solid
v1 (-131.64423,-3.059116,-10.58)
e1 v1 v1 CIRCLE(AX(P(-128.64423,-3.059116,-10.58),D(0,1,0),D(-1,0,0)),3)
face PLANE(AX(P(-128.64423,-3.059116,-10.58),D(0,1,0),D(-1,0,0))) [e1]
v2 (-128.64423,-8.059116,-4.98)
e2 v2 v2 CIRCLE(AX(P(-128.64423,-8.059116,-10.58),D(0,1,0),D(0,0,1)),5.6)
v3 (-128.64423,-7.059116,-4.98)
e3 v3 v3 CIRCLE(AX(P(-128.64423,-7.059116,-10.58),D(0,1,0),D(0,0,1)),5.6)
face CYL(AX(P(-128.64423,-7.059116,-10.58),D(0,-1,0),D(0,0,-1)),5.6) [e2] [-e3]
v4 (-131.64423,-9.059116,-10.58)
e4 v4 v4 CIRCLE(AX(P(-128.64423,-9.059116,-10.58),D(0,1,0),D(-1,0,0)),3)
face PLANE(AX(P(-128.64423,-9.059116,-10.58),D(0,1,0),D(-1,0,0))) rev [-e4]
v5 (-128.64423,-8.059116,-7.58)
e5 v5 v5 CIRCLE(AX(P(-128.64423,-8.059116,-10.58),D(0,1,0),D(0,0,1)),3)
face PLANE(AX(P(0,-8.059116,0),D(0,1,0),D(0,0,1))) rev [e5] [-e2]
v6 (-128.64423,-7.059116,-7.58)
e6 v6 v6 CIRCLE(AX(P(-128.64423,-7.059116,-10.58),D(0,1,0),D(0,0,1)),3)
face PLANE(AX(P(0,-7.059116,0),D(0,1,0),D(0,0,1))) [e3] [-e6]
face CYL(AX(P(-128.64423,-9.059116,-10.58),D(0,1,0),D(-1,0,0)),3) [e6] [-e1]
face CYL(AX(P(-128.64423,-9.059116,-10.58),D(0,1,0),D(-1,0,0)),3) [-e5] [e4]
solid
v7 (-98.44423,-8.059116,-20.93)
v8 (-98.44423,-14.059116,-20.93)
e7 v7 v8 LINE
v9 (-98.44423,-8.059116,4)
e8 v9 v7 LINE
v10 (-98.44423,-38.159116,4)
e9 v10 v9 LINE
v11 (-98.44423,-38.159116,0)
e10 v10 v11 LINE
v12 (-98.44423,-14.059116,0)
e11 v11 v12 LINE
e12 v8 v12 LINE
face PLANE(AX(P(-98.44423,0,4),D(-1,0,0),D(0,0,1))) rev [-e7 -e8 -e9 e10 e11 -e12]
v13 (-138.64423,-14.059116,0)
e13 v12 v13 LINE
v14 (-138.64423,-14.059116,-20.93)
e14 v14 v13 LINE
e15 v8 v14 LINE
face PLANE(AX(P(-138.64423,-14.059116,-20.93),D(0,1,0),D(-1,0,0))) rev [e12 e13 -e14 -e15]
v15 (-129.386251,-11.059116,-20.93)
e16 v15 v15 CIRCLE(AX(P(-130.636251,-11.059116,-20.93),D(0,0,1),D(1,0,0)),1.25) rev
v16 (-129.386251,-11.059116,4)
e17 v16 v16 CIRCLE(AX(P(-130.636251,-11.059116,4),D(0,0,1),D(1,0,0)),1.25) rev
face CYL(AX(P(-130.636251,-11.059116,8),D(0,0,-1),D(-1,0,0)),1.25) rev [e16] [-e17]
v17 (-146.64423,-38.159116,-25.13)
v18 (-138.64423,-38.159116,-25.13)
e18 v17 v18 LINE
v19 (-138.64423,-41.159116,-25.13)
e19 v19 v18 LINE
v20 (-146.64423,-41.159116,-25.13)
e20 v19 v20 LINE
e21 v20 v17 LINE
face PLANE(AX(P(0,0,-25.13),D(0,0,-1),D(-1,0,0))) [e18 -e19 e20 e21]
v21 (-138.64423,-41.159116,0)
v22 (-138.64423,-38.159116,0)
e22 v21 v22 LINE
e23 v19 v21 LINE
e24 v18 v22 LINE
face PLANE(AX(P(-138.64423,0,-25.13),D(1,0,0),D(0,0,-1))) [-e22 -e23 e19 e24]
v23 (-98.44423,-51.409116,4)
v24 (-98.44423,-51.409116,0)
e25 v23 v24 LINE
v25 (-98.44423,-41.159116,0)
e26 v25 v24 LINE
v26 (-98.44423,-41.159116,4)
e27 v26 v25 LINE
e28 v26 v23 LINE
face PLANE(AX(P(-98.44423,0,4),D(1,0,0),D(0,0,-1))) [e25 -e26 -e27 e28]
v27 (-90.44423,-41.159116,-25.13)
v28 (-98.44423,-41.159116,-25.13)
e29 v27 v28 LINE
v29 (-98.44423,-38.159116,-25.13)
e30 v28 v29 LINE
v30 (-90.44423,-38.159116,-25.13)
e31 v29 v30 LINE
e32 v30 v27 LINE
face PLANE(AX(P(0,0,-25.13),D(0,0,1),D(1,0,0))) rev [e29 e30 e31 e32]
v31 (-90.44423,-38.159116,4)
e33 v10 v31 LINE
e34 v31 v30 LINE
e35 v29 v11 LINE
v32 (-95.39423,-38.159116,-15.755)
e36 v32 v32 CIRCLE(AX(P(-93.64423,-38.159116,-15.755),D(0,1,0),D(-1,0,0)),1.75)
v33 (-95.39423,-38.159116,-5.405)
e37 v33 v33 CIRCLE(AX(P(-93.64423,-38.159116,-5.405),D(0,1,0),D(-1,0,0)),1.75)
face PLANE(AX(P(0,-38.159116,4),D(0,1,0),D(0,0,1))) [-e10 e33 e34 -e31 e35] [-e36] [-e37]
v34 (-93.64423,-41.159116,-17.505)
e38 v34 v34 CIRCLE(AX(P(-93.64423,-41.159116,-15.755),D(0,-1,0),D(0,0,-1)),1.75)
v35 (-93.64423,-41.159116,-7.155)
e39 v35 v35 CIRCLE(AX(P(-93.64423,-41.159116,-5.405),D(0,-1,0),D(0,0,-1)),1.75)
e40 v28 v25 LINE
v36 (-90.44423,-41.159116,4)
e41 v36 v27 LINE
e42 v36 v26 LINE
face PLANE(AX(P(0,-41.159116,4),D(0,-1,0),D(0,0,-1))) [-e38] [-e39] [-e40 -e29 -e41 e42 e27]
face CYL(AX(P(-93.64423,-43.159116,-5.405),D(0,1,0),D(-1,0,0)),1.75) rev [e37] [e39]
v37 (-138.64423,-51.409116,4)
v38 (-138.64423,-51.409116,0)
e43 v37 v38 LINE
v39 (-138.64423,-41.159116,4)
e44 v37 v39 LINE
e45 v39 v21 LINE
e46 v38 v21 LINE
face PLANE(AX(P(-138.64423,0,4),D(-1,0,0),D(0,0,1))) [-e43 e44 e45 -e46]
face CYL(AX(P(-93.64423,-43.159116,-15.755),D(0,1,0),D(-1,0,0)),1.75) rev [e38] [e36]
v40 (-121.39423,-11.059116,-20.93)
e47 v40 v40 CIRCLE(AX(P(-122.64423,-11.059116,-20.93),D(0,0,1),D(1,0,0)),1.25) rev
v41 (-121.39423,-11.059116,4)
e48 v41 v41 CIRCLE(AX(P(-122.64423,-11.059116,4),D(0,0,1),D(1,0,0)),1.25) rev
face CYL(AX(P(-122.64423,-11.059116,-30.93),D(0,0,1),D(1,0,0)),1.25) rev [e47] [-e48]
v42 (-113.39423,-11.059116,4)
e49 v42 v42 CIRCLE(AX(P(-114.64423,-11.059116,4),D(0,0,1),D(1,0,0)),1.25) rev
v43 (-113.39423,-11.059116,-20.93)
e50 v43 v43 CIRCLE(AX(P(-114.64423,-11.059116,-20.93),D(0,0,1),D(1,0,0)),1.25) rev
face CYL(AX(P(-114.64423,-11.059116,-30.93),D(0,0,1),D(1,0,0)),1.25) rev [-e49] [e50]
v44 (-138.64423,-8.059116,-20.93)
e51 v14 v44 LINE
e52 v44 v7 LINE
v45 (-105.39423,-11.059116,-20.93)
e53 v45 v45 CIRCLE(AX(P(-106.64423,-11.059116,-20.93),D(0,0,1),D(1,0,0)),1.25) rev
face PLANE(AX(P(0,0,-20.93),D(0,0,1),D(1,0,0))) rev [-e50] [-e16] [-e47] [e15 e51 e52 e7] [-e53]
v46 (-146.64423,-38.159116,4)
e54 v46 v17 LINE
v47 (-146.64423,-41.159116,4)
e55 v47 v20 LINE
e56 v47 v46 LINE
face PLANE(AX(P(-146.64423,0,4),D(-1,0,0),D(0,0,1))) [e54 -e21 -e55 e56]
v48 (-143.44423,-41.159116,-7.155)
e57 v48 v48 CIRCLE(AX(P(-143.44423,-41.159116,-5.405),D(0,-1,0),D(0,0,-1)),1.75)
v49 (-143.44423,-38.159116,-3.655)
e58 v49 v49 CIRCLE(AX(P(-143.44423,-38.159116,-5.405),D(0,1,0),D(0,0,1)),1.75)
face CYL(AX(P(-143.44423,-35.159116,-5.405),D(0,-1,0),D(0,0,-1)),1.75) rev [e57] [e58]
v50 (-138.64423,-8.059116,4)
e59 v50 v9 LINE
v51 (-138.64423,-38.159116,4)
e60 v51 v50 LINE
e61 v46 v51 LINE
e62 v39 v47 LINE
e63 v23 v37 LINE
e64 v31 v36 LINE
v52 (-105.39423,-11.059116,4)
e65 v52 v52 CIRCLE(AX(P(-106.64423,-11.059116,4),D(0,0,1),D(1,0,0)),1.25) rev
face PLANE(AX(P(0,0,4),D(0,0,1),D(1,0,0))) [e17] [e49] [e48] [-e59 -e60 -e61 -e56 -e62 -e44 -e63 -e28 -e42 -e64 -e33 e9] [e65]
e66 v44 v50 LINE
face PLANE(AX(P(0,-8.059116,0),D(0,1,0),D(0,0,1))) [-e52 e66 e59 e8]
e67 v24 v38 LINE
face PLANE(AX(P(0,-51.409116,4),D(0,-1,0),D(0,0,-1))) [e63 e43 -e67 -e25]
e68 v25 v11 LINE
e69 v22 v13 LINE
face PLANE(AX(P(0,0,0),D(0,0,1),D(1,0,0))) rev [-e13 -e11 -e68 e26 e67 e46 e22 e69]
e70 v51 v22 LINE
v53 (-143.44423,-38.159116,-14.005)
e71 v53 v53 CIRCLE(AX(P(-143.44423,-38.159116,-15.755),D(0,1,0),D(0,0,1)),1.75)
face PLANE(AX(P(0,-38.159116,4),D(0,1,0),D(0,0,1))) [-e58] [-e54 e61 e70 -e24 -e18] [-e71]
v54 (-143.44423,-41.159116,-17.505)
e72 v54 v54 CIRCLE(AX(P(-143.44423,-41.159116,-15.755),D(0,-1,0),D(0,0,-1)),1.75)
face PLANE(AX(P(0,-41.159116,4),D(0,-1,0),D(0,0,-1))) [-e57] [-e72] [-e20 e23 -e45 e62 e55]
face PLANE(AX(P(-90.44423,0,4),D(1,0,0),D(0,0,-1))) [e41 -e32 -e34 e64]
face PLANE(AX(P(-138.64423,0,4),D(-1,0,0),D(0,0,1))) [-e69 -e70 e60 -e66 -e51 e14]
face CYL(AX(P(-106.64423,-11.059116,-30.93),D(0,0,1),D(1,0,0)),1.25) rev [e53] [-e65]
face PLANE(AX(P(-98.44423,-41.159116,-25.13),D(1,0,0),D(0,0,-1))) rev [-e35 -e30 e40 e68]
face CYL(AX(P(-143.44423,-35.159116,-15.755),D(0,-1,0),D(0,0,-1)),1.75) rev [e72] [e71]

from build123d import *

# Parameters (mm, degrees)
BOSS_EXTRUDE2_DEPTH       = 4
SKETCH6_W                 = 8
SKETCH6_H                 = 3
BOSS_EXTRUDE3_DEPTH       = 25.13
SKETCH7_W                 = 8
SKETCH7_H                 = 3
BOSS_EXTRUDE4_DEPTH       = 25.13
SKETCH32_W                = 40.2
SKETCH32_H                = 6
BOSS_EXTRUDE6_DEPTH       = 20.93
SKETCH33_R                = 3.5
BOSS_EXTRUDE9_DEPTH       = 5.05
SKETCH63_R                = 5.6
BOSS_EXTRUDE16_DEPTH      = 1
SKETCH70_R                = 1.75
CUT_EXTRUDE23_DEPTH       = 5
SKETCH71_R                = 1.75
CUT_EXTRUDE24_DEPTH       = 6
CUT_EXTRUDE26_DEPTH       = 10
CUT_EXTRUDE26_DEPTH_BACK  = 25
SKETCH86_R                = 1.25
SKETCH88_W                = 40.2
SKETCH88_H                = 4
BOSS_EXTRUDE26_DEPTH      = 6
CUT_EXTRUDE28_DEPTH       = 4
CUT_EXTRUDE28_DEPTH_BACK  = 30
SKETCH89_R                = 1.25
BOSS_EXTRUDE27_DEPTH      = 4
BOSS_EXTRUDE27_DEPTH_BACK = 2
SKETCH90_R                = 3


with BuildPart() as part:
    # Sketch5 → Boss-Extrude2 (new body)
    with BuildSketch(Plane.XY):
        Polygon((-138.644230049, -41.159116495), (-138.644230049, -51.409116495), (-98.444230049, -51.409116495), (-98.444230049, -41.159116495), (-90.444230049, -41.159116495), (-90.444230049, -38.159116495), (-98.444230049, -38.159116495), (-98.444230049, -14.059116495), (-138.644230049, -14.059116495), (-138.644230049, -38.159116495), (-146.644230049, -38.159116495), (-146.644230049, -41.159116495), align=None)
    extrude(amount=BOSS_EXTRUDE2_DEPTH)

    # Sketch6 → Boss-Extrude3 (add)
    with BuildSketch(Plane(origin=(0, 0, 0), x_dir=(-1, 0, 0), z_dir=(0, 0, -1))):
        with Locations((142.644230049, -39.659116495)):
            Rectangle(SKETCH6_W, SKETCH6_H)
    extrude(amount=BOSS_EXTRUDE3_DEPTH)

    # Sketch7 → Boss-Extrude4 (add)
    with BuildSketch(Plane(origin=(0, 0, 0), x_dir=(-1, 0, 0), z_dir=(0, 0, -1))):
        with Locations((94.444230049, -39.659116495)):
            Rectangle(SKETCH7_W, SKETCH7_H)
    extrude(amount=BOSS_EXTRUDE4_DEPTH)

    # Sketch70 → Cut-Extrude23 (cut)
    with BuildSketch(Plane(origin=(0, -38.159116495, 0), x_dir=(1, 0, 0), z_dir=(0, 1, 0))):
        with Locations((-93.644230062, 15.755)):
            Circle(SKETCH70_R)
        with Locations((-93.644230062, 5.405)):
            Circle(SKETCH70_R)
    extrude(amount=-CUT_EXTRUDE23_DEPTH, mode=Mode.SUBTRACT)

    # Sketch71 → Cut-Extrude24 (cut)
    with BuildSketch(Plane(origin=(0, -41.159116495, 0), x_dir=(-1, 0, 0), z_dir=(0, -1, 0))):
        with Locations((143.444230049, 15.755)):
            Circle(SKETCH71_R)
        with Locations((143.444230049, 5.405)):
            Circle(SKETCH71_R)
    extrude(amount=-CUT_EXTRUDE24_DEPTH, mode=Mode.SUBTRACT)



with BuildPart() as body_2:
    # Sketch32 → Boss-Extrude6 (new body)
    with BuildSketch(Plane(origin=(0, 0, 0), x_dir=(-1, 0, 0), z_dir=(0, 0, -1))):
        with Locations((118.544230049, -11.059116495)):
            Rectangle(SKETCH32_W, SKETCH32_H)
    extrude(amount=BOSS_EXTRUDE6_DEPTH)

    # Sketch33 → Boss-Extrude9 (add)
    with BuildSketch(Plane(origin=(0.053304524, -14.059116495, 0), x_dir=(1, 0, 0), z_dir=(0, 1, 0))):
        with Locations((-128.616195309, 10.145060344)):
            Circle(SKETCH33_R)
    extrude(amount=BOSS_EXTRUDE9_DEPTH)

    # Sketch86 → Cut-Extrude26 (cut, two sides: drawn at the far end of the back side and taken through both)
    with BuildSketch(Plane(origin=(0, 0, -20.93), x_dir=(-1, 0, 0), z_dir=(0, 0, -1)).offset(-CUT_EXTRUDE26_DEPTH_BACK)):
        with Locations((122.644230049, -11.0591165)):
            Circle(SKETCH86_R)
        with Locations((114.644230049, -11.0591165)):
            Circle(SKETCH86_R)
        with Locations((106.644230049, -11.0591165)):
            Circle(SKETCH86_R)
    extrude(amount=CUT_EXTRUDE26_DEPTH + CUT_EXTRUDE26_DEPTH_BACK, mode=Mode.SUBTRACT)


with BuildPart() as body_3:
    # Sketch63 → Boss-Extrude16 (new body)
    with BuildSketch(Plane(origin=(0.038379059, -8.059116495, 0), x_dir=(1, 0, 0), z_dir=(0, 1, 0))):
        with Locations((-128.682609121, 10.58)):
            Circle(SKETCH63_R)
    extrude(amount=BOSS_EXTRUDE16_DEPTH)

    # Sketch90 → Boss-Extrude27 (add, two sides: drawn at the far end of the back side and taken through both)
    with BuildSketch(Plane(origin=(0, -7.059116495, 0), x_dir=(1, 0, 0), z_dir=(0, 1, 0)).offset(-BOSS_EXTRUDE27_DEPTH_BACK)):
        with Locations((-128.644230062, 10.58)):
            Circle(SKETCH90_R)
    extrude(amount=BOSS_EXTRUDE27_DEPTH + BOSS_EXTRUDE27_DEPTH_BACK)


with BuildPart() as part_1:
    add(part.part)

    add(body_2.part)  # Boss-Extrude26 merges body 2
    # Sketch88 → Boss-Extrude26 (add)
    with BuildSketch(Plane(origin=(0, -14.059116495, 0), x_dir=(1, 0, 0), z_dir=(0, 1, 0))):
        with Locations((-118.544230049, -2)):
            Rectangle(SKETCH88_W, SKETCH88_H)
    extrude(amount=BOSS_EXTRUDE26_DEPTH)

    # Sketch89 → Cut-Extrude28 (cut, two sides: drawn at the far end of the back side and taken through both)
    with BuildSketch(Plane.XY.offset(4).offset(-CUT_EXTRUDE28_DEPTH_BACK)):
        with Locations((-130.636250743, -11.059116495)):
            Circle(SKETCH89_R)
        with Locations((-122.644230049, -11.059116495)):
            Circle(SKETCH89_R)
        with Locations((-114.644230049, -11.059116495)):
            Circle(SKETCH89_R)
        with Locations((-106.644230049, -11.059116495)):
            Circle(SKETCH89_R)
    extrude(amount=CUT_EXTRUDE28_DEPTH + CUT_EXTRUDE28_DEPTH_BACK, mode=Mode.SUBTRACT)


solid = Compound([body_3.part, part_1.part])
